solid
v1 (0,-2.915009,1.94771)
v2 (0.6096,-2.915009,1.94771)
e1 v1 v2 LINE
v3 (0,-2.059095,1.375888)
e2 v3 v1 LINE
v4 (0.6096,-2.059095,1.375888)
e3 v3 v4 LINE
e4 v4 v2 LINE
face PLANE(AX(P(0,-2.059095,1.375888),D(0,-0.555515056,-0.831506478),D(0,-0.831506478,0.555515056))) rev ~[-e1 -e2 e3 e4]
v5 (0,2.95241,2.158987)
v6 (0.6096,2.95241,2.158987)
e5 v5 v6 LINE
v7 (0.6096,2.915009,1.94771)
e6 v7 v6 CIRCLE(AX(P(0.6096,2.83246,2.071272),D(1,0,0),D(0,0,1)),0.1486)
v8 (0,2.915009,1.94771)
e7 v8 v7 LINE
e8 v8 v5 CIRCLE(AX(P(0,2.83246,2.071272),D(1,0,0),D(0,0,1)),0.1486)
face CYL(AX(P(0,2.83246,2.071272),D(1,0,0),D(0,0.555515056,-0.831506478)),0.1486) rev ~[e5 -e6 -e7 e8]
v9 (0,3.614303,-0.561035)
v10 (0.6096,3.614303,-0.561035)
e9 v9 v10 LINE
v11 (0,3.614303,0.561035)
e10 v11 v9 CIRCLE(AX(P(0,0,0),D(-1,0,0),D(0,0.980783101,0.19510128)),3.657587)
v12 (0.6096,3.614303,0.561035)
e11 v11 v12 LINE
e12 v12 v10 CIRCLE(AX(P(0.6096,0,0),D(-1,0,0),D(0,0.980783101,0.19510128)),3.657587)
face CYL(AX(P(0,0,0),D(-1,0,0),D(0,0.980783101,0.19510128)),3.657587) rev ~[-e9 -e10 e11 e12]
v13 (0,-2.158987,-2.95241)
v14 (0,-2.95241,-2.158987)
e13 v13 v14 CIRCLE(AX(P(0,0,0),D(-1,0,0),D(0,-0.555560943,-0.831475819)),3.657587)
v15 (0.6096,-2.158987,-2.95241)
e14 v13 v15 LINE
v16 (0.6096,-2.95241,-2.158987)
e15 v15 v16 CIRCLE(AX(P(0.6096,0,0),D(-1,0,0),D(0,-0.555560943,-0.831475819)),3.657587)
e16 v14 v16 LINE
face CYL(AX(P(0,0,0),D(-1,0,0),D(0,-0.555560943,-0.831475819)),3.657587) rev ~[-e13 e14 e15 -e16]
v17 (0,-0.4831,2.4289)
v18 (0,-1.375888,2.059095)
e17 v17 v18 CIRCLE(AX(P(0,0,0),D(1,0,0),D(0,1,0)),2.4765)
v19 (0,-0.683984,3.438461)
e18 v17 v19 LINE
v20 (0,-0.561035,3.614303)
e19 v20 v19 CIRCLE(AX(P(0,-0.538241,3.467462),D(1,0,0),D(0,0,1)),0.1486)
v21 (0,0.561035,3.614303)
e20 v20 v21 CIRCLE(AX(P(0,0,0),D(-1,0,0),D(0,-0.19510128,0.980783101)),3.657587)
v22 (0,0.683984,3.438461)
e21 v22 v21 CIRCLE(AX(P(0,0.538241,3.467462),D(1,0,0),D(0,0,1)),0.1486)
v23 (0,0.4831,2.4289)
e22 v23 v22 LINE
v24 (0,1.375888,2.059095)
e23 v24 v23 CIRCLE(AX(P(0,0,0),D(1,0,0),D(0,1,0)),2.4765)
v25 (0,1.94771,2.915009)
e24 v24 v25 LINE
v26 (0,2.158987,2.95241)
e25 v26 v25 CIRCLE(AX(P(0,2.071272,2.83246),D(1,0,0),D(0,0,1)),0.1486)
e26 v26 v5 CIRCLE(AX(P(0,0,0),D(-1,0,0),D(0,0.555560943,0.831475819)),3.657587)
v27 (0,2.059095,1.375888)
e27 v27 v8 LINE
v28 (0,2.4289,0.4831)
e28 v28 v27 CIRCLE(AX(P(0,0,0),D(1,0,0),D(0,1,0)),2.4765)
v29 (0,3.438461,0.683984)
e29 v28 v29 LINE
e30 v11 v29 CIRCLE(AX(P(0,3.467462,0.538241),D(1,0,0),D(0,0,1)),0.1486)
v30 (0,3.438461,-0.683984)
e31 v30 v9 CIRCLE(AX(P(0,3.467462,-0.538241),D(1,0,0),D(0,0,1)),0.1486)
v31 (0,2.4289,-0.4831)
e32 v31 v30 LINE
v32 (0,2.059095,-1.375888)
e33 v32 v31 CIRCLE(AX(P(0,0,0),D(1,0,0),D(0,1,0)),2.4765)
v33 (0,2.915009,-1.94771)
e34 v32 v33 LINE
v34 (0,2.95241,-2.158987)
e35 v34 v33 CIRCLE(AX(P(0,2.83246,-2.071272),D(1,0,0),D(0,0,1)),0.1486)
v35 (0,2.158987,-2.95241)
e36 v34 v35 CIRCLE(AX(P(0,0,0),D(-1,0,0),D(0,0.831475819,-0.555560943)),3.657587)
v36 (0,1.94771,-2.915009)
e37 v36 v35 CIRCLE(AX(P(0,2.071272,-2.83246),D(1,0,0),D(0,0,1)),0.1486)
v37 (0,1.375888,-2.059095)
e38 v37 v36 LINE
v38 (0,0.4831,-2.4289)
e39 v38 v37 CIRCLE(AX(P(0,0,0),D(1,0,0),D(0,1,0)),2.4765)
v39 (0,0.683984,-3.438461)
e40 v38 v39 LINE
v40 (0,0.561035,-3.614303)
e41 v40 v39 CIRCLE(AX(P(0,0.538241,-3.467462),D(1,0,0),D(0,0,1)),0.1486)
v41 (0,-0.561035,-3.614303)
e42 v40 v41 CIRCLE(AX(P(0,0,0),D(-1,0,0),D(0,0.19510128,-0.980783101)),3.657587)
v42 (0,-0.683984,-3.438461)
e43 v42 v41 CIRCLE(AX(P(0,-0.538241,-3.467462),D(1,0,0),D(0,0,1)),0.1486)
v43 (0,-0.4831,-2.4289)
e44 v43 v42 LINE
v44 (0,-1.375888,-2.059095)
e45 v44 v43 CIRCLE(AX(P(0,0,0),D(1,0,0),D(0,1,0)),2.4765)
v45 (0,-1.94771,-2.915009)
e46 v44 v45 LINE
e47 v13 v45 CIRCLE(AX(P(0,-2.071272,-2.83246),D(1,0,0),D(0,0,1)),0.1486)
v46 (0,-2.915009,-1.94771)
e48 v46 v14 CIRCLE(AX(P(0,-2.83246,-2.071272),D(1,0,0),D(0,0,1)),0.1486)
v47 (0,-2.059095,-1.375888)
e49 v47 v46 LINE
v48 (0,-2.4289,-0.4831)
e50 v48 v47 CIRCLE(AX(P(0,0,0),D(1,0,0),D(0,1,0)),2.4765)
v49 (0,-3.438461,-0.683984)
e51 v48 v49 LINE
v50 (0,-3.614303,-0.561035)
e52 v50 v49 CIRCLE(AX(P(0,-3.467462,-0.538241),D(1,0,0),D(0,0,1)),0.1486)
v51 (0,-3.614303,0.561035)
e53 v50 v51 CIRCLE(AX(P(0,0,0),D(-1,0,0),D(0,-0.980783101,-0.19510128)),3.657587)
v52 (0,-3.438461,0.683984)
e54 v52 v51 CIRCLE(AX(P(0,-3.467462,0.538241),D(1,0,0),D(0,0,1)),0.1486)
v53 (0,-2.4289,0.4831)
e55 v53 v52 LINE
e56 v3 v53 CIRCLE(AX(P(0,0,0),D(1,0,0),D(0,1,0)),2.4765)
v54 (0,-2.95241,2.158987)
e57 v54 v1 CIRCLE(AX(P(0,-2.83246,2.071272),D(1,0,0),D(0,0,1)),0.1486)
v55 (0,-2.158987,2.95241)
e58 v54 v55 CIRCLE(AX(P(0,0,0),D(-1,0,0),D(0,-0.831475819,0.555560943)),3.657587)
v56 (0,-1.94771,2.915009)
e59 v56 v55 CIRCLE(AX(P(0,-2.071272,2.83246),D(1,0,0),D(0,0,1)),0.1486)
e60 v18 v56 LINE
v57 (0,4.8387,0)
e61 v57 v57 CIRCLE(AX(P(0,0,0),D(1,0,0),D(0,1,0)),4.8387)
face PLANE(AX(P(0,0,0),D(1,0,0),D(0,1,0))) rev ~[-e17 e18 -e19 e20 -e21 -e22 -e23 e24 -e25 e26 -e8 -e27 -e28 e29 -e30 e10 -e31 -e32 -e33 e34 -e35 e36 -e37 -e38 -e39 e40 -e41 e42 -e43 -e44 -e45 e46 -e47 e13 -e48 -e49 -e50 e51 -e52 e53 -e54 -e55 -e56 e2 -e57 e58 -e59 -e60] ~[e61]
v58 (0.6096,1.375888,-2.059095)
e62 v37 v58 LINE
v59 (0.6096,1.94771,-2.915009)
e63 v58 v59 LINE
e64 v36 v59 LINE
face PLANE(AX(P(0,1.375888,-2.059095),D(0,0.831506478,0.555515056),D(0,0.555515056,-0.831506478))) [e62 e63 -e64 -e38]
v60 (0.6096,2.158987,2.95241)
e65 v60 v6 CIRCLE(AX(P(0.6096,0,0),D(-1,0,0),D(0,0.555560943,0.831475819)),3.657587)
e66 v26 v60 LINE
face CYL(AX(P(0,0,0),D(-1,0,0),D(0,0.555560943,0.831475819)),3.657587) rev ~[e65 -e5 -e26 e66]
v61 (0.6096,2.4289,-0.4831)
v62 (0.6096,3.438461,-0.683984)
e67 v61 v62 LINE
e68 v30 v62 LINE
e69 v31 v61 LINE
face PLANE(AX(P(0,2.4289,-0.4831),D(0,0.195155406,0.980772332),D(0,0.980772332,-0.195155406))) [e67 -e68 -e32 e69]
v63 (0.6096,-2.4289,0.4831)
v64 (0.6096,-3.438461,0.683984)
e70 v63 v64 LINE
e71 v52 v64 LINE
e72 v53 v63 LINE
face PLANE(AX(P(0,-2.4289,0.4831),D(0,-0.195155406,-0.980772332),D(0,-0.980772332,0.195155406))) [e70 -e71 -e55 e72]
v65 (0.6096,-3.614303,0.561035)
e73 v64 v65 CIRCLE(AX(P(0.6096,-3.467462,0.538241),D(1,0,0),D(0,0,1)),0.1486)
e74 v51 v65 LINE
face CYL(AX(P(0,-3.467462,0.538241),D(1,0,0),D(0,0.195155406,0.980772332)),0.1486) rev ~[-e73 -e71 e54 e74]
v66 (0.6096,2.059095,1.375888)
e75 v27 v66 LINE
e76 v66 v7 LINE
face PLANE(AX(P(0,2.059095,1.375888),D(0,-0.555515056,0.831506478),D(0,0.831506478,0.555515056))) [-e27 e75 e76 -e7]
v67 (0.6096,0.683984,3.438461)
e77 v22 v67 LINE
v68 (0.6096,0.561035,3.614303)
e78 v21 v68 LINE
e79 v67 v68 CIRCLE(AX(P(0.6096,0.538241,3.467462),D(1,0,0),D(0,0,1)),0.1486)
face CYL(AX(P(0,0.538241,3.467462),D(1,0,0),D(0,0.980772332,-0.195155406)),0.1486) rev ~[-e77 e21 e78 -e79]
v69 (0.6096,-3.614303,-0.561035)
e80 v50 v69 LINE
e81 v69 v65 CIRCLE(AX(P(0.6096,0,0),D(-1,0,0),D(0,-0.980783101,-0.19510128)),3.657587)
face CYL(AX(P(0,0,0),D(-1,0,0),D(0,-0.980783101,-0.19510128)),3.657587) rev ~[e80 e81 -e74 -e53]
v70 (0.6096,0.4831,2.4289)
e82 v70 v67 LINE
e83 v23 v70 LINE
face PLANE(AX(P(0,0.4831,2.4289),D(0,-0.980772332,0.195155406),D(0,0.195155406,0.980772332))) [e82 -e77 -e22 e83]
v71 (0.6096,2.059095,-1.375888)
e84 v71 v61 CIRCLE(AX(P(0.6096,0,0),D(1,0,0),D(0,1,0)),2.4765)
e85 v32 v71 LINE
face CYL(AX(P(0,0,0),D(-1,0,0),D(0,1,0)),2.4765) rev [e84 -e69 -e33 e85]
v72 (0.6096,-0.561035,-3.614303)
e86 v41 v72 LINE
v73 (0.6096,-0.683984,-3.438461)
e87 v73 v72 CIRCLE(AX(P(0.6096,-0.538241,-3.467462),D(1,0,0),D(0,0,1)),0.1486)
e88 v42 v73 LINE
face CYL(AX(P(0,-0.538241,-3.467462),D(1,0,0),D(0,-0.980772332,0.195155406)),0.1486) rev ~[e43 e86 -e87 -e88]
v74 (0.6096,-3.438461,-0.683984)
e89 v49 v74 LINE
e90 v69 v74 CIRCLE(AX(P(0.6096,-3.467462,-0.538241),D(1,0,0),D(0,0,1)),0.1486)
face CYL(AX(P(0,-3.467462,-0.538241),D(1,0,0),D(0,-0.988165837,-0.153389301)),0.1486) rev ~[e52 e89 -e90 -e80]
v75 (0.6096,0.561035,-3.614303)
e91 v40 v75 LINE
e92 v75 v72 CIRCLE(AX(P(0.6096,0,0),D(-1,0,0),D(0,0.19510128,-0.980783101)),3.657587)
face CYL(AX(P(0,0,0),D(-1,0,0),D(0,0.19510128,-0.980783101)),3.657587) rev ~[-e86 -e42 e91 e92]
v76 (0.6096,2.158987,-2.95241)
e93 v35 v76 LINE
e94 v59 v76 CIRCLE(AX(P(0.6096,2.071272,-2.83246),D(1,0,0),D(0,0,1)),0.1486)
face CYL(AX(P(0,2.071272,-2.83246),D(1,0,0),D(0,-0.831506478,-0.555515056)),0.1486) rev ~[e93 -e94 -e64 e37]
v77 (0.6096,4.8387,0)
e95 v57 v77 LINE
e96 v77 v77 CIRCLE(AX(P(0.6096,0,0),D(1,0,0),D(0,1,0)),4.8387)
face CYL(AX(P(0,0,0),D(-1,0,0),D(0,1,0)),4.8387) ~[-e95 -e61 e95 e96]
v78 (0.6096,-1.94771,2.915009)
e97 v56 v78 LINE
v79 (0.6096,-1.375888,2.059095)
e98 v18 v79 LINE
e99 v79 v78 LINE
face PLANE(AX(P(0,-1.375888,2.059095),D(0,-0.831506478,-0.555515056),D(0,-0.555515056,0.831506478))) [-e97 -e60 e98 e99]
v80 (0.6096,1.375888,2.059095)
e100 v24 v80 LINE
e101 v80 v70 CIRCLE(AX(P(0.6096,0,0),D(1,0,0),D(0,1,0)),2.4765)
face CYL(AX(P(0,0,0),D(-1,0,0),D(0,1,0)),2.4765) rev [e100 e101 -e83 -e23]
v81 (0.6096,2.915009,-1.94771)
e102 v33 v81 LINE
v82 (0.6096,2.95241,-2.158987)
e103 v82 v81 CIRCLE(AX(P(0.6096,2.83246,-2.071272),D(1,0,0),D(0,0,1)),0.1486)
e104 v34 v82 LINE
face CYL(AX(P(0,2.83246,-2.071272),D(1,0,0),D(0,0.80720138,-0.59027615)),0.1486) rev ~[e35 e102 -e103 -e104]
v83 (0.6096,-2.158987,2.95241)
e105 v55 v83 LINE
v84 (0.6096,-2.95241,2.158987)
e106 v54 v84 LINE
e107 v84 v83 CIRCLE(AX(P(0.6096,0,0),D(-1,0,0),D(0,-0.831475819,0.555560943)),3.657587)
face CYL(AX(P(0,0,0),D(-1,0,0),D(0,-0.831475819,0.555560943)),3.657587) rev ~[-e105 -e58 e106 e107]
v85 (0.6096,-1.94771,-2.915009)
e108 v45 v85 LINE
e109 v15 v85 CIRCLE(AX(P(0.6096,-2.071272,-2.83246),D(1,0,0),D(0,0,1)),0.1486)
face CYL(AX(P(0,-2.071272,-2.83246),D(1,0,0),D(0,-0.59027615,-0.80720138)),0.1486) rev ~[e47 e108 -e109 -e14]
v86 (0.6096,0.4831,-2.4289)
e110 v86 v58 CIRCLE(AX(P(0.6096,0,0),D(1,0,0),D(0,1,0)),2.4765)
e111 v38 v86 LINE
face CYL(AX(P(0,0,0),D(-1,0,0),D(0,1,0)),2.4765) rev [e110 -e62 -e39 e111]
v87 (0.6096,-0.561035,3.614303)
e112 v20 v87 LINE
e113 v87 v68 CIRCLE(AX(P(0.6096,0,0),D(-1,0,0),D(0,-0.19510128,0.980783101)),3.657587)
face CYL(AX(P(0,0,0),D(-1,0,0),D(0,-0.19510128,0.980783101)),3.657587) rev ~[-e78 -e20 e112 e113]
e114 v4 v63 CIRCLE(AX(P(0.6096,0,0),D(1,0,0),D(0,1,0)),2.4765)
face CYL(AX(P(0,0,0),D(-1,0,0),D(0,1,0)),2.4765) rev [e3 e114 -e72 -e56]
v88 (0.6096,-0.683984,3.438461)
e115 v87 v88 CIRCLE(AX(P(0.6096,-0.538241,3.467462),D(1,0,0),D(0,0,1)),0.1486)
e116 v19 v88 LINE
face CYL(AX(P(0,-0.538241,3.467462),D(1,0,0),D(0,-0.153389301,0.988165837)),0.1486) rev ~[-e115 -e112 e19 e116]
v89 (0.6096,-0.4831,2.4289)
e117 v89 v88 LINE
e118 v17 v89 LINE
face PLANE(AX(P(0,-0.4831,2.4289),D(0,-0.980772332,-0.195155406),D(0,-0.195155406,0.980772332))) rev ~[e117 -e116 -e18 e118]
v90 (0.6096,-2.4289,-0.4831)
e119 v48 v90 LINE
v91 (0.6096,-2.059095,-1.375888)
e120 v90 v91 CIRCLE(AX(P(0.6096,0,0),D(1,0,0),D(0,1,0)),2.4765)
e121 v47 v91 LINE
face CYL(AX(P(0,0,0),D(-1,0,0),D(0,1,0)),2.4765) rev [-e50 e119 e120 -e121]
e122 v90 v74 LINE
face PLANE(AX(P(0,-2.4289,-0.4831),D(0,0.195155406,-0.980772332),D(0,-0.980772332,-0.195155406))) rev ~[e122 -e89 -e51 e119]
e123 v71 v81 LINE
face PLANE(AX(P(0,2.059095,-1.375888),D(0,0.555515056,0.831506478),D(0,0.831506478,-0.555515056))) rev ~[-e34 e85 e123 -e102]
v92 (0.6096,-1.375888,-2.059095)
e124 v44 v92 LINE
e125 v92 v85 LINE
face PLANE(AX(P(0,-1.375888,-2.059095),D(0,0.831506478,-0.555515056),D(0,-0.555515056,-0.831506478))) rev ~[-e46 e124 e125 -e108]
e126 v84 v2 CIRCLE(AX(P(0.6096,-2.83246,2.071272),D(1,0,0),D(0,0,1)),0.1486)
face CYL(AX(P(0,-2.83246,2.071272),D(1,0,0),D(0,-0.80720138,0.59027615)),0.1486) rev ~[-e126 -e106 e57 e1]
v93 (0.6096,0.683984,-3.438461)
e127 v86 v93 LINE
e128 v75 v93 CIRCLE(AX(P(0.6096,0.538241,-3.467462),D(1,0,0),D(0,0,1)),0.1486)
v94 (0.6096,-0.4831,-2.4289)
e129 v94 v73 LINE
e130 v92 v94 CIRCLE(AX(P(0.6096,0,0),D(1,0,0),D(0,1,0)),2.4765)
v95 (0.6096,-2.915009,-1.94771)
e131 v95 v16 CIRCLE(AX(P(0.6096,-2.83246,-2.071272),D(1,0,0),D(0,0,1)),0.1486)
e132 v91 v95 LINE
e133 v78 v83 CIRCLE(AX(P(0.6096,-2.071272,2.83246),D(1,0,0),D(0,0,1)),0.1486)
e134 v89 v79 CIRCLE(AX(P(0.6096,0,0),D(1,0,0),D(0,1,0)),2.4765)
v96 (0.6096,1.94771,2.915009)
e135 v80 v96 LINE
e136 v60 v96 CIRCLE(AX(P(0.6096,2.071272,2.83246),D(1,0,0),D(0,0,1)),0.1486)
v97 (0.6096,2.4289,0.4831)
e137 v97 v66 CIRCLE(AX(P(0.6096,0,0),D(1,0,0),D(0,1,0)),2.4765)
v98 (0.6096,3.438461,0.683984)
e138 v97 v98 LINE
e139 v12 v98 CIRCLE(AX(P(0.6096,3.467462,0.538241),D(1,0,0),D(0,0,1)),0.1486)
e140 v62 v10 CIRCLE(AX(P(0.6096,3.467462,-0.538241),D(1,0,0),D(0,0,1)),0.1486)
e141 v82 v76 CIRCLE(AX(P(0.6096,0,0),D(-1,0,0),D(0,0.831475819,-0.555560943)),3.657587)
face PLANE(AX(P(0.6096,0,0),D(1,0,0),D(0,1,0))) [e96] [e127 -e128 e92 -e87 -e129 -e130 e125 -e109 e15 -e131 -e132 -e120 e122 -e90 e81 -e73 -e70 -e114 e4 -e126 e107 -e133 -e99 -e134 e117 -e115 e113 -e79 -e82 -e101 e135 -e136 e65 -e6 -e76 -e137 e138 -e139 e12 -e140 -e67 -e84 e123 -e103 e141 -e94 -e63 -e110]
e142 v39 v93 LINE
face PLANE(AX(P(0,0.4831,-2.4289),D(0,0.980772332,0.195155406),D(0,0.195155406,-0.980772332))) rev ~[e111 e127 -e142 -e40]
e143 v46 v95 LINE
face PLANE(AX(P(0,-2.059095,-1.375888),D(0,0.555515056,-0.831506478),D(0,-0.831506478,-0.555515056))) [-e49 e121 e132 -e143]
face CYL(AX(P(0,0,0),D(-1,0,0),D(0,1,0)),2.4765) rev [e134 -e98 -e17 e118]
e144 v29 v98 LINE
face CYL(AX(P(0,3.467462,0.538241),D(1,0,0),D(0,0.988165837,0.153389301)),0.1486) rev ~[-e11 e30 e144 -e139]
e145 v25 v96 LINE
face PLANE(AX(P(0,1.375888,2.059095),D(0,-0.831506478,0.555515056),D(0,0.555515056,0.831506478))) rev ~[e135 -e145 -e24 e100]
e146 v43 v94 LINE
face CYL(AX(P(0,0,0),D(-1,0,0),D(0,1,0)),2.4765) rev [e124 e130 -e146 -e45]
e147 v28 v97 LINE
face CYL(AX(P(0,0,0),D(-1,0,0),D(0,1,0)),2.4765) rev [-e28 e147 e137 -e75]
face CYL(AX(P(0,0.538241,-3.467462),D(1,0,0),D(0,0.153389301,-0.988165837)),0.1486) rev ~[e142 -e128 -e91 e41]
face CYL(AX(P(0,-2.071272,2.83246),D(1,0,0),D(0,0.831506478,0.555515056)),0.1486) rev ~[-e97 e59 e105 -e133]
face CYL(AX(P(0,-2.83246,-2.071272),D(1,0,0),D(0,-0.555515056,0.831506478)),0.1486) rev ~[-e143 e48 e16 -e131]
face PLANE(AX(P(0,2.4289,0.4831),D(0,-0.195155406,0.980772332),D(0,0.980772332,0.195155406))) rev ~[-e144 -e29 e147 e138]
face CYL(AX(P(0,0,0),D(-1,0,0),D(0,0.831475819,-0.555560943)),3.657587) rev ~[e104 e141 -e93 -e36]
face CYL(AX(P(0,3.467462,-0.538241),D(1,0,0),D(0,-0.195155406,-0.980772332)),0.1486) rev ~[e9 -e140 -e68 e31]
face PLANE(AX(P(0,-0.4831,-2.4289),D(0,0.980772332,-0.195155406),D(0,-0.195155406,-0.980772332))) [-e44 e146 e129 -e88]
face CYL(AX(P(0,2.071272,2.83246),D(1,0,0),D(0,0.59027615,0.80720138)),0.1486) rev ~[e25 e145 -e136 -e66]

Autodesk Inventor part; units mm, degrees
ref_plane "YZ Plane" through (0, 0, 0) normal (1, 0, 0) x (0, 1, 0)
ref_plane "XZ Plane" through (0, 0, 0) normal (0, 1, 0) x (-1, 0, 0)
sketch "Sketch1" plane through (0, 0, 0) normal (1, 0, 0) x (0, 1, 0)
  circle A0 centre (0, 0) radius 4.8387
  circle A1 centre (0, 0) radius 2.4765
  dimension "d0" = 9.6774
  dimension "d1" = 4.953
extrude "Body" add sketch "Sketch1" along normal blind 0.6096
sketch "Sketch2" plane through (0, 0, 0) normal (-1, 0, 0) x (0, 0, 1)
  circle A0 centre (0, 0) radius 2.4765 projected
  circle A1 centre (0, 0) radius 4.8387 projected
  arc A2 (0.7136, 3.5873) -> (-0.7136, 3.5873) centre (0, 0) ccw
  line L0 (-0.4831, 2.4289) -> (-0.7136, 3.5873)
  line L1 (0, 0) -> (0, 3.6576) construction
  line L2 (0.4831, 2.4289) -> (0.7136, 3.5873)
  line L3 (-0.4831, 2.4289) -> (0, 0) construction
  line L4 (0.4831, 2.4289) -> (0, 0) construction
  dimension "d4" = 7.3152
  dimension "d5" = 11.25
extrude "Cut" cut sketch "Sketch2" against normal blind 0.6096 contours A0 L0 A2 L2
fillet "Fillet1" radius 0.1486 2 edges at (0.3048, 3.5873, 0.7136) (0.3048, 3.5873, -0.7136)
pattern_circular "Cuts" count 8 over 360 about axis through (-10, 0, 0) along (1, 0, 0) of "Cut", "Fillet1"
ref_plane "Work Plane1" through (0, 0, 0) normal (0, 1, 0) x (1, 0, 0)
equation "\"d0\" = SD2"
equation "\"d1\" = SD1"
equation "\"d2\" = SD"
equation "\"d4\" = 0.5 * SD2 + 0.5 * SD1"
equation "\"d6\" = SD"
equation "\"d8\" = 0.03 * SD1"
equation "\"SD1\" = 4.953"
equation "\"SD2\" = 9.6774"
equation "\"SD\" = 0.6096"
equation "\"NND\" = 4.826"
properties part number "ASME B18.21.1 - No. 10. Carbon Steel" material "Steel, Mild"
